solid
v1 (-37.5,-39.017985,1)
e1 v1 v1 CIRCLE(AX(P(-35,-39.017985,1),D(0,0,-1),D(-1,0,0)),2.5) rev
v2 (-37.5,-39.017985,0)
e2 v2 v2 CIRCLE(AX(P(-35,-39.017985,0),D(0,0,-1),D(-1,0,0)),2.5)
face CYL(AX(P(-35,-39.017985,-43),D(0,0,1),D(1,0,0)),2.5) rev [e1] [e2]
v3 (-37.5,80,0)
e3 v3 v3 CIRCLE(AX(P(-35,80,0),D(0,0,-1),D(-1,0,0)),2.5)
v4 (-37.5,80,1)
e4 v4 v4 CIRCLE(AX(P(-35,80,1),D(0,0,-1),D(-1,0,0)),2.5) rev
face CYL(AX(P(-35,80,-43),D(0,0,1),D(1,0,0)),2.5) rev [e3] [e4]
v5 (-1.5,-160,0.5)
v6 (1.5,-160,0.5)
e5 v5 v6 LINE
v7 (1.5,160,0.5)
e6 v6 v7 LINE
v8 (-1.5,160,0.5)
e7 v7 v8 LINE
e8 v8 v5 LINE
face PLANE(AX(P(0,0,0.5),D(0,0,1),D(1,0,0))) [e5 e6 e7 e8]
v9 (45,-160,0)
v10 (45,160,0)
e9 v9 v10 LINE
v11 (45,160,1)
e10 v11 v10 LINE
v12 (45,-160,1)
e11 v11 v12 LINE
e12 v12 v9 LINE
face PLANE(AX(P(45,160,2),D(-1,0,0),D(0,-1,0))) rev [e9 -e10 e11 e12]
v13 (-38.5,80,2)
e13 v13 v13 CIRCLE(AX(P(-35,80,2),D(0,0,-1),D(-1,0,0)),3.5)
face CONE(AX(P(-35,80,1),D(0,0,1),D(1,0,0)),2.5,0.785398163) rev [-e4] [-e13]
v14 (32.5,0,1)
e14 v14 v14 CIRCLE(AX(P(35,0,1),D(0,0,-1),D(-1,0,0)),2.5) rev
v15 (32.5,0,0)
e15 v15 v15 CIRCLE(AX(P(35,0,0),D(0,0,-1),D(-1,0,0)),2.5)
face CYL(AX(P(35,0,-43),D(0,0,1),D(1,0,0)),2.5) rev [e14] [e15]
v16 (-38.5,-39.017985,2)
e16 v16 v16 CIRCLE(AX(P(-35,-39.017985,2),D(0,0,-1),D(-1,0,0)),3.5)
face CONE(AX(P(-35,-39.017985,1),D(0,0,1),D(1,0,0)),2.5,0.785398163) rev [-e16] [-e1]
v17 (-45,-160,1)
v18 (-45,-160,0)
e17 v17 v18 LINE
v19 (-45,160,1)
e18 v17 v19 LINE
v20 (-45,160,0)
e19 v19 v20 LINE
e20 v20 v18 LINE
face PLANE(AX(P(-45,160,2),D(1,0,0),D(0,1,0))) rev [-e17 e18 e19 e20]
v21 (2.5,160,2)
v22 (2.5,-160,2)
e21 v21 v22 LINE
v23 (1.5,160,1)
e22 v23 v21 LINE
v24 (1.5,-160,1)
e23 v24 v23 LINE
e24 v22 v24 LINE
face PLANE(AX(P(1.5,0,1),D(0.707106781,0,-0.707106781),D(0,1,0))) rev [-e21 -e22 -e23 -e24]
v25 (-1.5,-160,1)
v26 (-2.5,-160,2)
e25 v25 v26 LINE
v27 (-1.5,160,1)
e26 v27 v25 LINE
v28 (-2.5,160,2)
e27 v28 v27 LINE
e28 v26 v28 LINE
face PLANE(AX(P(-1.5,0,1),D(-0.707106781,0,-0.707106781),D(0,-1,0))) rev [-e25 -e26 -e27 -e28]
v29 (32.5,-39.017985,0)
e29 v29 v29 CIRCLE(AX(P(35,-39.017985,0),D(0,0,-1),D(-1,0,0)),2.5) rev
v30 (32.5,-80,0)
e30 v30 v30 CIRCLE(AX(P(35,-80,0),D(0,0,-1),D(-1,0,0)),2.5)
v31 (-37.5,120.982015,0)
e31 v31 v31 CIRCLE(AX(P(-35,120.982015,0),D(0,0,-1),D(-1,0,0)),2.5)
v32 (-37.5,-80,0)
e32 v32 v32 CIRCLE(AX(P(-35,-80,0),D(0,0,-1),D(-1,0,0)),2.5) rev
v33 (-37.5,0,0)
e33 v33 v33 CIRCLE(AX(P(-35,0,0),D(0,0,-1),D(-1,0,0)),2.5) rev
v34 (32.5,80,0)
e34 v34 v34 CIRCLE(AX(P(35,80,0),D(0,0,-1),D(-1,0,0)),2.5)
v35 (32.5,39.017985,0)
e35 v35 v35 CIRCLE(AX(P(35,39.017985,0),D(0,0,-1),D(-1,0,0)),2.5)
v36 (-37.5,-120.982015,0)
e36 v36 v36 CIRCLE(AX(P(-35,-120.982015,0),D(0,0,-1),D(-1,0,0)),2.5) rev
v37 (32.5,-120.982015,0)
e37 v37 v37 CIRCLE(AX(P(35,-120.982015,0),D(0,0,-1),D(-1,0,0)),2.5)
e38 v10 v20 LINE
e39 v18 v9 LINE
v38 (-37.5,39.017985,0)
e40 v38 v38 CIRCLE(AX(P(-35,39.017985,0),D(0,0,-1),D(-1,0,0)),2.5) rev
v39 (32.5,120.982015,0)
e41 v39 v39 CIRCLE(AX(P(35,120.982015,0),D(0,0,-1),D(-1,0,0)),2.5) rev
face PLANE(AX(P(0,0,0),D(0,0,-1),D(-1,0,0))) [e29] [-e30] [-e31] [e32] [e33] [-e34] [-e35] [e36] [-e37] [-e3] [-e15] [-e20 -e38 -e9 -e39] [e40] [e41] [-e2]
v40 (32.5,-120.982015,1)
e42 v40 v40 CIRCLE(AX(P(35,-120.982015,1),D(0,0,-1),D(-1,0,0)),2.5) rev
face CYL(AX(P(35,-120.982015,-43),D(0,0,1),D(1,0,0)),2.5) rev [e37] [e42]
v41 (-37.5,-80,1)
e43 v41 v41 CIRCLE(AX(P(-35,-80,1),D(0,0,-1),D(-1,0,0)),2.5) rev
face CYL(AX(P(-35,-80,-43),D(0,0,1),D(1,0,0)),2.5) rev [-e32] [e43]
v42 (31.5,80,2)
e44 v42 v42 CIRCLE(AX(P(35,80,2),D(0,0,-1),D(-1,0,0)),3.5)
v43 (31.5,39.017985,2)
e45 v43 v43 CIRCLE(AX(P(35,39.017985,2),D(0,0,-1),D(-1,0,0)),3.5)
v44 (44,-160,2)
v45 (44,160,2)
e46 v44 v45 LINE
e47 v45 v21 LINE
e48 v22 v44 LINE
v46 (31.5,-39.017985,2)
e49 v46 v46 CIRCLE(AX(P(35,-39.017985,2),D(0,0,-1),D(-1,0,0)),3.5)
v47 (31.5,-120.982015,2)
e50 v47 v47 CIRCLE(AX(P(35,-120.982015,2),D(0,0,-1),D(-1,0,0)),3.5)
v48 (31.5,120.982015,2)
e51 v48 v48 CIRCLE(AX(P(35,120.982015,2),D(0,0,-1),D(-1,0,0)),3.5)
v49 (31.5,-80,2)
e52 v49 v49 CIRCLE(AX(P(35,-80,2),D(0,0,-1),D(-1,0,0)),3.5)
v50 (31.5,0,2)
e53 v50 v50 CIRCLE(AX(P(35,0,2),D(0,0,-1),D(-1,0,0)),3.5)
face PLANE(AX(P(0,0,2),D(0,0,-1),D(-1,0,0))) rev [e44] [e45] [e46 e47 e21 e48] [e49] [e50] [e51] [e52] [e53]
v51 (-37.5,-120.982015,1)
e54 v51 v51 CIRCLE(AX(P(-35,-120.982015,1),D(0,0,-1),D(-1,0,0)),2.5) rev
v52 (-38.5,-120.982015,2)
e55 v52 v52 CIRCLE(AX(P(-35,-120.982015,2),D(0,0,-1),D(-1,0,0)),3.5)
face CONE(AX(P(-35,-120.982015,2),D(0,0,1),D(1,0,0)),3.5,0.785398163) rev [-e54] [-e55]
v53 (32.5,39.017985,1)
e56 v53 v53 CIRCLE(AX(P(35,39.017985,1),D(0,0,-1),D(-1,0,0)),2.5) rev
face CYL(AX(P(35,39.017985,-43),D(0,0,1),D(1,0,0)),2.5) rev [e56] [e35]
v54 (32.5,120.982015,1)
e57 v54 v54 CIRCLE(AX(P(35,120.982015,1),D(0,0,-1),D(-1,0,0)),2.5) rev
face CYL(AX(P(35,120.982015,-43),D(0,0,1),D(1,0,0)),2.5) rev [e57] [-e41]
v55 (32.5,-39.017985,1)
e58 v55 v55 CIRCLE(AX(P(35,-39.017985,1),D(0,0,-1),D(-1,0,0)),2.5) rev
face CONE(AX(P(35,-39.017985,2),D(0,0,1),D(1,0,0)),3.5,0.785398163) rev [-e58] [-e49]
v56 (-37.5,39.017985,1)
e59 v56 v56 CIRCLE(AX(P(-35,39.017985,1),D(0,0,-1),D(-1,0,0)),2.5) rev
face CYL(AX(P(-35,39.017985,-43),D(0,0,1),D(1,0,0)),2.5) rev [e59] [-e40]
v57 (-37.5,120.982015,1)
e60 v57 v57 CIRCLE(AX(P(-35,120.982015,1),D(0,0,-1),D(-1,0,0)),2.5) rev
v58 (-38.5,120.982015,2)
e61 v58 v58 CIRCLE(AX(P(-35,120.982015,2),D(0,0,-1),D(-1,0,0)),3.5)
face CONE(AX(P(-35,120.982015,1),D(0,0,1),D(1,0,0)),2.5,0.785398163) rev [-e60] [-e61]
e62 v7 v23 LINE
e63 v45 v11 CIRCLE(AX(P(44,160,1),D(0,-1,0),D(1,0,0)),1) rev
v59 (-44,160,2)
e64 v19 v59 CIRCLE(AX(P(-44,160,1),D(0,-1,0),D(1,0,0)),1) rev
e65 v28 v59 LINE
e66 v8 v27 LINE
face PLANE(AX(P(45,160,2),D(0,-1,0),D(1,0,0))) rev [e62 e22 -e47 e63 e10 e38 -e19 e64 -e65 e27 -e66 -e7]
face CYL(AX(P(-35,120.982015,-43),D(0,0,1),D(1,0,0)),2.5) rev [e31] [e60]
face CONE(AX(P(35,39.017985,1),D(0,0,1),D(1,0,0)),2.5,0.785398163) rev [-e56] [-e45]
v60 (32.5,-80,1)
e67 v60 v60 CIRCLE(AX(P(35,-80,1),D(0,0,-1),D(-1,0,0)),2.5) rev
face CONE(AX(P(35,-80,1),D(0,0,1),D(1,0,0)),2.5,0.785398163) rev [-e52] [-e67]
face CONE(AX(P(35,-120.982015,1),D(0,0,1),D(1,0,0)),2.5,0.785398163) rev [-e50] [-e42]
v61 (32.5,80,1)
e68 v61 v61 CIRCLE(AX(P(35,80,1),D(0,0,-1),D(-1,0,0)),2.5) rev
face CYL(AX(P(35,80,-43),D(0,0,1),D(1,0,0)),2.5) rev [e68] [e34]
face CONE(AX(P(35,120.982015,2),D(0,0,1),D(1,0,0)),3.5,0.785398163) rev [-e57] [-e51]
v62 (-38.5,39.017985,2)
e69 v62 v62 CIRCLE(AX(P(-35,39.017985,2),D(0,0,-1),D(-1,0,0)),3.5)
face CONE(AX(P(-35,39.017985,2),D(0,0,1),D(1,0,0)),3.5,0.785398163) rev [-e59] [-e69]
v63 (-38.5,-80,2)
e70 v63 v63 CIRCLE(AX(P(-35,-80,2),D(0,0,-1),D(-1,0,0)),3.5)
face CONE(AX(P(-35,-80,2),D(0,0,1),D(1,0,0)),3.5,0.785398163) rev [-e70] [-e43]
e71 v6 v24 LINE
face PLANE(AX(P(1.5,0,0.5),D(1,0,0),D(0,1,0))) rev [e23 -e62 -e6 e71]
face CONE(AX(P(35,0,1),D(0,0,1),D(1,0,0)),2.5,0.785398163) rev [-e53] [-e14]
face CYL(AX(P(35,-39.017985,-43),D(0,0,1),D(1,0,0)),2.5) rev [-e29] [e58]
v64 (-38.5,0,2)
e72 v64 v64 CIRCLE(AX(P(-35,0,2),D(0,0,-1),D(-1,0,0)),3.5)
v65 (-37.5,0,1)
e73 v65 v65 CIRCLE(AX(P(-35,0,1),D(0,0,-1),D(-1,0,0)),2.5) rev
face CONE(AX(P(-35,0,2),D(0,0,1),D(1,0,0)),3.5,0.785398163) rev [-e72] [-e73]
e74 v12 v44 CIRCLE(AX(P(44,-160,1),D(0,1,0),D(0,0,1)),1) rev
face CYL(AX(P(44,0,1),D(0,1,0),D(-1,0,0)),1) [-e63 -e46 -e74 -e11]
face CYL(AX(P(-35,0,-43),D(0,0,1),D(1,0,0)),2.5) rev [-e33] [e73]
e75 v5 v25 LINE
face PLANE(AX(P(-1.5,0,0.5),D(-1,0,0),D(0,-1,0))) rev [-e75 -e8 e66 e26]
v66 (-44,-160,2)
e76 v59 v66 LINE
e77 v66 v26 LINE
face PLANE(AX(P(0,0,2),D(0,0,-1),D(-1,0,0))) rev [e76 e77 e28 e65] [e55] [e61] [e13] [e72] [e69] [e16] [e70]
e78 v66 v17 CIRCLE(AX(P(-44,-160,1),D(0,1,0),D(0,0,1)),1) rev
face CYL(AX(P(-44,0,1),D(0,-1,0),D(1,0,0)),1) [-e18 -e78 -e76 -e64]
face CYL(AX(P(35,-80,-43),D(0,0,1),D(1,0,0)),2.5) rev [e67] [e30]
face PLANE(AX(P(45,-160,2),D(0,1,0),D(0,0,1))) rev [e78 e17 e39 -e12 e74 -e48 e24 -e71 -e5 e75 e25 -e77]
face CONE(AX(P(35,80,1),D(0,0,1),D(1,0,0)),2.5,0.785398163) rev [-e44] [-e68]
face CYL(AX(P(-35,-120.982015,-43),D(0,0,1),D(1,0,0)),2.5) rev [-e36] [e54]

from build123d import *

# Parameters (mm, degrees)
ESQUISSE1_W             = 90
ESQUISSE1_H             = 320
BOSS_EXTRU_1_DEPTH      = 2
ESQUISSE2_R             = 2.5
ENL_V_MAT_EXTRU_1_DEPTH = 45
CONG_2_R                = 1
CHANFREIN1_SIZE         = 1
ENL_V_START             = 2
ESQUISSE3_W             = 3
ESQUISSE3_H             = 320
ENL_V_MAT_EXTRU_2_DEPTH = 1.5
CHANFREIN2_SIZE         = 1


with BuildPart() as part:
    # Esquisse1 → Boss.-Extru.1 (new body)
    with BuildSketch(Plane.XY):
        Rectangle(ESQUISSE1_W, ESQUISSE1_H)
    extrude(amount=BOSS_EXTRU_1_DEPTH)

    # Esquisse2 → Enlèv. mat.-Extru.1 (cut)
    with BuildSketch(Plane.XY.offset(2)):
        with Locations((-35, 120.982014683)):
            Circle(ESQUISSE2_R)
        with Locations((35, 120.982014683)):
            Circle(ESQUISSE2_R)
        with Locations((35, 80)):
            Circle(ESQUISSE2_R)
        with Locations((-35, 80)):
            Circle(ESQUISSE2_R)
        with Locations((-35, 39.017985317)):
            Circle(ESQUISSE2_R)
        with Locations((35, 39.017985317)):
            Circle(ESQUISSE2_R)
        with Locations((35, 0)):
            Circle(ESQUISSE2_R)
        with Locations((-35, 0)):
            Circle(ESQUISSE2_R)
        with Locations((-35, -39.017985317)):
            Circle(ESQUISSE2_R)
        with Locations((35, -39.017985317)):
            Circle(ESQUISSE2_R)
        with Locations((35, -80)):
            Circle(ESQUISSE2_R)
        with Locations((-35, -80)):
            Circle(ESQUISSE2_R)
        with Locations((35, -120.982014683)):
            Circle(ESQUISSE2_R)
        with Locations((-35, -120.982014683)):
            Circle(ESQUISSE2_R)
    extrude(amount=-ENL_V_MAT_EXTRU_1_DEPTH, mode=Mode.SUBTRACT)

    # Congé2
    cong_2_edges = [part.edges().sort_by_distance(p)[0] for p in [
        (45, 0, 2),
        (-45, 0, 2),
    ]]
    fillet(cong_2_edges, radius=CONG_2_R)

    # Chanfrein1
    chanfrein1_edges = [part.edges().sort_by_distance(p)[0] for p in [
        (-37.5, -39.017985317, 2),
        (-37.5, 0, 2),
        (32.5, 0, 2),
        (32.5, 39.017985317, 2),
        (-37.5, 39.017985317, 2),
        (-37.5, 80, 2),
        (32.5, 80, 2),
        (32.5, 120.982014683, 2),
        (-37.5, -120.982014683, 2),
        (32.5, -39.017985317, 2),
        (32.5, -80, 2),
        (-37.5, -80, 2),
        (32.5, -120.982014683, 2),
        (-37.5, 120.982014683, 2),
    ]]
    chamfer(chanfrein1_edges, length=CHANFREIN1_SIZE)

    # Esquisse3 → Enlèv. mat.-Extru.2 (cut)
    with BuildSketch(Plane.XY.offset(ENL_V_START)):
        Rectangle(ESQUISSE3_W, ESQUISSE3_H)
    extrude(amount=-ENL_V_MAT_EXTRU_2_DEPTH, mode=Mode.SUBTRACT)

    # Chanfrein2
    chanfrein2_edges = [part.edges().sort_by_distance(p)[0] for p in [
        (-1.5, 0, 2),
        (1.5, 0, 2),
    ]]
    chamfer(chanfrein2_edges, length=CHANFREIN2_SIZE)


solid = part.part
